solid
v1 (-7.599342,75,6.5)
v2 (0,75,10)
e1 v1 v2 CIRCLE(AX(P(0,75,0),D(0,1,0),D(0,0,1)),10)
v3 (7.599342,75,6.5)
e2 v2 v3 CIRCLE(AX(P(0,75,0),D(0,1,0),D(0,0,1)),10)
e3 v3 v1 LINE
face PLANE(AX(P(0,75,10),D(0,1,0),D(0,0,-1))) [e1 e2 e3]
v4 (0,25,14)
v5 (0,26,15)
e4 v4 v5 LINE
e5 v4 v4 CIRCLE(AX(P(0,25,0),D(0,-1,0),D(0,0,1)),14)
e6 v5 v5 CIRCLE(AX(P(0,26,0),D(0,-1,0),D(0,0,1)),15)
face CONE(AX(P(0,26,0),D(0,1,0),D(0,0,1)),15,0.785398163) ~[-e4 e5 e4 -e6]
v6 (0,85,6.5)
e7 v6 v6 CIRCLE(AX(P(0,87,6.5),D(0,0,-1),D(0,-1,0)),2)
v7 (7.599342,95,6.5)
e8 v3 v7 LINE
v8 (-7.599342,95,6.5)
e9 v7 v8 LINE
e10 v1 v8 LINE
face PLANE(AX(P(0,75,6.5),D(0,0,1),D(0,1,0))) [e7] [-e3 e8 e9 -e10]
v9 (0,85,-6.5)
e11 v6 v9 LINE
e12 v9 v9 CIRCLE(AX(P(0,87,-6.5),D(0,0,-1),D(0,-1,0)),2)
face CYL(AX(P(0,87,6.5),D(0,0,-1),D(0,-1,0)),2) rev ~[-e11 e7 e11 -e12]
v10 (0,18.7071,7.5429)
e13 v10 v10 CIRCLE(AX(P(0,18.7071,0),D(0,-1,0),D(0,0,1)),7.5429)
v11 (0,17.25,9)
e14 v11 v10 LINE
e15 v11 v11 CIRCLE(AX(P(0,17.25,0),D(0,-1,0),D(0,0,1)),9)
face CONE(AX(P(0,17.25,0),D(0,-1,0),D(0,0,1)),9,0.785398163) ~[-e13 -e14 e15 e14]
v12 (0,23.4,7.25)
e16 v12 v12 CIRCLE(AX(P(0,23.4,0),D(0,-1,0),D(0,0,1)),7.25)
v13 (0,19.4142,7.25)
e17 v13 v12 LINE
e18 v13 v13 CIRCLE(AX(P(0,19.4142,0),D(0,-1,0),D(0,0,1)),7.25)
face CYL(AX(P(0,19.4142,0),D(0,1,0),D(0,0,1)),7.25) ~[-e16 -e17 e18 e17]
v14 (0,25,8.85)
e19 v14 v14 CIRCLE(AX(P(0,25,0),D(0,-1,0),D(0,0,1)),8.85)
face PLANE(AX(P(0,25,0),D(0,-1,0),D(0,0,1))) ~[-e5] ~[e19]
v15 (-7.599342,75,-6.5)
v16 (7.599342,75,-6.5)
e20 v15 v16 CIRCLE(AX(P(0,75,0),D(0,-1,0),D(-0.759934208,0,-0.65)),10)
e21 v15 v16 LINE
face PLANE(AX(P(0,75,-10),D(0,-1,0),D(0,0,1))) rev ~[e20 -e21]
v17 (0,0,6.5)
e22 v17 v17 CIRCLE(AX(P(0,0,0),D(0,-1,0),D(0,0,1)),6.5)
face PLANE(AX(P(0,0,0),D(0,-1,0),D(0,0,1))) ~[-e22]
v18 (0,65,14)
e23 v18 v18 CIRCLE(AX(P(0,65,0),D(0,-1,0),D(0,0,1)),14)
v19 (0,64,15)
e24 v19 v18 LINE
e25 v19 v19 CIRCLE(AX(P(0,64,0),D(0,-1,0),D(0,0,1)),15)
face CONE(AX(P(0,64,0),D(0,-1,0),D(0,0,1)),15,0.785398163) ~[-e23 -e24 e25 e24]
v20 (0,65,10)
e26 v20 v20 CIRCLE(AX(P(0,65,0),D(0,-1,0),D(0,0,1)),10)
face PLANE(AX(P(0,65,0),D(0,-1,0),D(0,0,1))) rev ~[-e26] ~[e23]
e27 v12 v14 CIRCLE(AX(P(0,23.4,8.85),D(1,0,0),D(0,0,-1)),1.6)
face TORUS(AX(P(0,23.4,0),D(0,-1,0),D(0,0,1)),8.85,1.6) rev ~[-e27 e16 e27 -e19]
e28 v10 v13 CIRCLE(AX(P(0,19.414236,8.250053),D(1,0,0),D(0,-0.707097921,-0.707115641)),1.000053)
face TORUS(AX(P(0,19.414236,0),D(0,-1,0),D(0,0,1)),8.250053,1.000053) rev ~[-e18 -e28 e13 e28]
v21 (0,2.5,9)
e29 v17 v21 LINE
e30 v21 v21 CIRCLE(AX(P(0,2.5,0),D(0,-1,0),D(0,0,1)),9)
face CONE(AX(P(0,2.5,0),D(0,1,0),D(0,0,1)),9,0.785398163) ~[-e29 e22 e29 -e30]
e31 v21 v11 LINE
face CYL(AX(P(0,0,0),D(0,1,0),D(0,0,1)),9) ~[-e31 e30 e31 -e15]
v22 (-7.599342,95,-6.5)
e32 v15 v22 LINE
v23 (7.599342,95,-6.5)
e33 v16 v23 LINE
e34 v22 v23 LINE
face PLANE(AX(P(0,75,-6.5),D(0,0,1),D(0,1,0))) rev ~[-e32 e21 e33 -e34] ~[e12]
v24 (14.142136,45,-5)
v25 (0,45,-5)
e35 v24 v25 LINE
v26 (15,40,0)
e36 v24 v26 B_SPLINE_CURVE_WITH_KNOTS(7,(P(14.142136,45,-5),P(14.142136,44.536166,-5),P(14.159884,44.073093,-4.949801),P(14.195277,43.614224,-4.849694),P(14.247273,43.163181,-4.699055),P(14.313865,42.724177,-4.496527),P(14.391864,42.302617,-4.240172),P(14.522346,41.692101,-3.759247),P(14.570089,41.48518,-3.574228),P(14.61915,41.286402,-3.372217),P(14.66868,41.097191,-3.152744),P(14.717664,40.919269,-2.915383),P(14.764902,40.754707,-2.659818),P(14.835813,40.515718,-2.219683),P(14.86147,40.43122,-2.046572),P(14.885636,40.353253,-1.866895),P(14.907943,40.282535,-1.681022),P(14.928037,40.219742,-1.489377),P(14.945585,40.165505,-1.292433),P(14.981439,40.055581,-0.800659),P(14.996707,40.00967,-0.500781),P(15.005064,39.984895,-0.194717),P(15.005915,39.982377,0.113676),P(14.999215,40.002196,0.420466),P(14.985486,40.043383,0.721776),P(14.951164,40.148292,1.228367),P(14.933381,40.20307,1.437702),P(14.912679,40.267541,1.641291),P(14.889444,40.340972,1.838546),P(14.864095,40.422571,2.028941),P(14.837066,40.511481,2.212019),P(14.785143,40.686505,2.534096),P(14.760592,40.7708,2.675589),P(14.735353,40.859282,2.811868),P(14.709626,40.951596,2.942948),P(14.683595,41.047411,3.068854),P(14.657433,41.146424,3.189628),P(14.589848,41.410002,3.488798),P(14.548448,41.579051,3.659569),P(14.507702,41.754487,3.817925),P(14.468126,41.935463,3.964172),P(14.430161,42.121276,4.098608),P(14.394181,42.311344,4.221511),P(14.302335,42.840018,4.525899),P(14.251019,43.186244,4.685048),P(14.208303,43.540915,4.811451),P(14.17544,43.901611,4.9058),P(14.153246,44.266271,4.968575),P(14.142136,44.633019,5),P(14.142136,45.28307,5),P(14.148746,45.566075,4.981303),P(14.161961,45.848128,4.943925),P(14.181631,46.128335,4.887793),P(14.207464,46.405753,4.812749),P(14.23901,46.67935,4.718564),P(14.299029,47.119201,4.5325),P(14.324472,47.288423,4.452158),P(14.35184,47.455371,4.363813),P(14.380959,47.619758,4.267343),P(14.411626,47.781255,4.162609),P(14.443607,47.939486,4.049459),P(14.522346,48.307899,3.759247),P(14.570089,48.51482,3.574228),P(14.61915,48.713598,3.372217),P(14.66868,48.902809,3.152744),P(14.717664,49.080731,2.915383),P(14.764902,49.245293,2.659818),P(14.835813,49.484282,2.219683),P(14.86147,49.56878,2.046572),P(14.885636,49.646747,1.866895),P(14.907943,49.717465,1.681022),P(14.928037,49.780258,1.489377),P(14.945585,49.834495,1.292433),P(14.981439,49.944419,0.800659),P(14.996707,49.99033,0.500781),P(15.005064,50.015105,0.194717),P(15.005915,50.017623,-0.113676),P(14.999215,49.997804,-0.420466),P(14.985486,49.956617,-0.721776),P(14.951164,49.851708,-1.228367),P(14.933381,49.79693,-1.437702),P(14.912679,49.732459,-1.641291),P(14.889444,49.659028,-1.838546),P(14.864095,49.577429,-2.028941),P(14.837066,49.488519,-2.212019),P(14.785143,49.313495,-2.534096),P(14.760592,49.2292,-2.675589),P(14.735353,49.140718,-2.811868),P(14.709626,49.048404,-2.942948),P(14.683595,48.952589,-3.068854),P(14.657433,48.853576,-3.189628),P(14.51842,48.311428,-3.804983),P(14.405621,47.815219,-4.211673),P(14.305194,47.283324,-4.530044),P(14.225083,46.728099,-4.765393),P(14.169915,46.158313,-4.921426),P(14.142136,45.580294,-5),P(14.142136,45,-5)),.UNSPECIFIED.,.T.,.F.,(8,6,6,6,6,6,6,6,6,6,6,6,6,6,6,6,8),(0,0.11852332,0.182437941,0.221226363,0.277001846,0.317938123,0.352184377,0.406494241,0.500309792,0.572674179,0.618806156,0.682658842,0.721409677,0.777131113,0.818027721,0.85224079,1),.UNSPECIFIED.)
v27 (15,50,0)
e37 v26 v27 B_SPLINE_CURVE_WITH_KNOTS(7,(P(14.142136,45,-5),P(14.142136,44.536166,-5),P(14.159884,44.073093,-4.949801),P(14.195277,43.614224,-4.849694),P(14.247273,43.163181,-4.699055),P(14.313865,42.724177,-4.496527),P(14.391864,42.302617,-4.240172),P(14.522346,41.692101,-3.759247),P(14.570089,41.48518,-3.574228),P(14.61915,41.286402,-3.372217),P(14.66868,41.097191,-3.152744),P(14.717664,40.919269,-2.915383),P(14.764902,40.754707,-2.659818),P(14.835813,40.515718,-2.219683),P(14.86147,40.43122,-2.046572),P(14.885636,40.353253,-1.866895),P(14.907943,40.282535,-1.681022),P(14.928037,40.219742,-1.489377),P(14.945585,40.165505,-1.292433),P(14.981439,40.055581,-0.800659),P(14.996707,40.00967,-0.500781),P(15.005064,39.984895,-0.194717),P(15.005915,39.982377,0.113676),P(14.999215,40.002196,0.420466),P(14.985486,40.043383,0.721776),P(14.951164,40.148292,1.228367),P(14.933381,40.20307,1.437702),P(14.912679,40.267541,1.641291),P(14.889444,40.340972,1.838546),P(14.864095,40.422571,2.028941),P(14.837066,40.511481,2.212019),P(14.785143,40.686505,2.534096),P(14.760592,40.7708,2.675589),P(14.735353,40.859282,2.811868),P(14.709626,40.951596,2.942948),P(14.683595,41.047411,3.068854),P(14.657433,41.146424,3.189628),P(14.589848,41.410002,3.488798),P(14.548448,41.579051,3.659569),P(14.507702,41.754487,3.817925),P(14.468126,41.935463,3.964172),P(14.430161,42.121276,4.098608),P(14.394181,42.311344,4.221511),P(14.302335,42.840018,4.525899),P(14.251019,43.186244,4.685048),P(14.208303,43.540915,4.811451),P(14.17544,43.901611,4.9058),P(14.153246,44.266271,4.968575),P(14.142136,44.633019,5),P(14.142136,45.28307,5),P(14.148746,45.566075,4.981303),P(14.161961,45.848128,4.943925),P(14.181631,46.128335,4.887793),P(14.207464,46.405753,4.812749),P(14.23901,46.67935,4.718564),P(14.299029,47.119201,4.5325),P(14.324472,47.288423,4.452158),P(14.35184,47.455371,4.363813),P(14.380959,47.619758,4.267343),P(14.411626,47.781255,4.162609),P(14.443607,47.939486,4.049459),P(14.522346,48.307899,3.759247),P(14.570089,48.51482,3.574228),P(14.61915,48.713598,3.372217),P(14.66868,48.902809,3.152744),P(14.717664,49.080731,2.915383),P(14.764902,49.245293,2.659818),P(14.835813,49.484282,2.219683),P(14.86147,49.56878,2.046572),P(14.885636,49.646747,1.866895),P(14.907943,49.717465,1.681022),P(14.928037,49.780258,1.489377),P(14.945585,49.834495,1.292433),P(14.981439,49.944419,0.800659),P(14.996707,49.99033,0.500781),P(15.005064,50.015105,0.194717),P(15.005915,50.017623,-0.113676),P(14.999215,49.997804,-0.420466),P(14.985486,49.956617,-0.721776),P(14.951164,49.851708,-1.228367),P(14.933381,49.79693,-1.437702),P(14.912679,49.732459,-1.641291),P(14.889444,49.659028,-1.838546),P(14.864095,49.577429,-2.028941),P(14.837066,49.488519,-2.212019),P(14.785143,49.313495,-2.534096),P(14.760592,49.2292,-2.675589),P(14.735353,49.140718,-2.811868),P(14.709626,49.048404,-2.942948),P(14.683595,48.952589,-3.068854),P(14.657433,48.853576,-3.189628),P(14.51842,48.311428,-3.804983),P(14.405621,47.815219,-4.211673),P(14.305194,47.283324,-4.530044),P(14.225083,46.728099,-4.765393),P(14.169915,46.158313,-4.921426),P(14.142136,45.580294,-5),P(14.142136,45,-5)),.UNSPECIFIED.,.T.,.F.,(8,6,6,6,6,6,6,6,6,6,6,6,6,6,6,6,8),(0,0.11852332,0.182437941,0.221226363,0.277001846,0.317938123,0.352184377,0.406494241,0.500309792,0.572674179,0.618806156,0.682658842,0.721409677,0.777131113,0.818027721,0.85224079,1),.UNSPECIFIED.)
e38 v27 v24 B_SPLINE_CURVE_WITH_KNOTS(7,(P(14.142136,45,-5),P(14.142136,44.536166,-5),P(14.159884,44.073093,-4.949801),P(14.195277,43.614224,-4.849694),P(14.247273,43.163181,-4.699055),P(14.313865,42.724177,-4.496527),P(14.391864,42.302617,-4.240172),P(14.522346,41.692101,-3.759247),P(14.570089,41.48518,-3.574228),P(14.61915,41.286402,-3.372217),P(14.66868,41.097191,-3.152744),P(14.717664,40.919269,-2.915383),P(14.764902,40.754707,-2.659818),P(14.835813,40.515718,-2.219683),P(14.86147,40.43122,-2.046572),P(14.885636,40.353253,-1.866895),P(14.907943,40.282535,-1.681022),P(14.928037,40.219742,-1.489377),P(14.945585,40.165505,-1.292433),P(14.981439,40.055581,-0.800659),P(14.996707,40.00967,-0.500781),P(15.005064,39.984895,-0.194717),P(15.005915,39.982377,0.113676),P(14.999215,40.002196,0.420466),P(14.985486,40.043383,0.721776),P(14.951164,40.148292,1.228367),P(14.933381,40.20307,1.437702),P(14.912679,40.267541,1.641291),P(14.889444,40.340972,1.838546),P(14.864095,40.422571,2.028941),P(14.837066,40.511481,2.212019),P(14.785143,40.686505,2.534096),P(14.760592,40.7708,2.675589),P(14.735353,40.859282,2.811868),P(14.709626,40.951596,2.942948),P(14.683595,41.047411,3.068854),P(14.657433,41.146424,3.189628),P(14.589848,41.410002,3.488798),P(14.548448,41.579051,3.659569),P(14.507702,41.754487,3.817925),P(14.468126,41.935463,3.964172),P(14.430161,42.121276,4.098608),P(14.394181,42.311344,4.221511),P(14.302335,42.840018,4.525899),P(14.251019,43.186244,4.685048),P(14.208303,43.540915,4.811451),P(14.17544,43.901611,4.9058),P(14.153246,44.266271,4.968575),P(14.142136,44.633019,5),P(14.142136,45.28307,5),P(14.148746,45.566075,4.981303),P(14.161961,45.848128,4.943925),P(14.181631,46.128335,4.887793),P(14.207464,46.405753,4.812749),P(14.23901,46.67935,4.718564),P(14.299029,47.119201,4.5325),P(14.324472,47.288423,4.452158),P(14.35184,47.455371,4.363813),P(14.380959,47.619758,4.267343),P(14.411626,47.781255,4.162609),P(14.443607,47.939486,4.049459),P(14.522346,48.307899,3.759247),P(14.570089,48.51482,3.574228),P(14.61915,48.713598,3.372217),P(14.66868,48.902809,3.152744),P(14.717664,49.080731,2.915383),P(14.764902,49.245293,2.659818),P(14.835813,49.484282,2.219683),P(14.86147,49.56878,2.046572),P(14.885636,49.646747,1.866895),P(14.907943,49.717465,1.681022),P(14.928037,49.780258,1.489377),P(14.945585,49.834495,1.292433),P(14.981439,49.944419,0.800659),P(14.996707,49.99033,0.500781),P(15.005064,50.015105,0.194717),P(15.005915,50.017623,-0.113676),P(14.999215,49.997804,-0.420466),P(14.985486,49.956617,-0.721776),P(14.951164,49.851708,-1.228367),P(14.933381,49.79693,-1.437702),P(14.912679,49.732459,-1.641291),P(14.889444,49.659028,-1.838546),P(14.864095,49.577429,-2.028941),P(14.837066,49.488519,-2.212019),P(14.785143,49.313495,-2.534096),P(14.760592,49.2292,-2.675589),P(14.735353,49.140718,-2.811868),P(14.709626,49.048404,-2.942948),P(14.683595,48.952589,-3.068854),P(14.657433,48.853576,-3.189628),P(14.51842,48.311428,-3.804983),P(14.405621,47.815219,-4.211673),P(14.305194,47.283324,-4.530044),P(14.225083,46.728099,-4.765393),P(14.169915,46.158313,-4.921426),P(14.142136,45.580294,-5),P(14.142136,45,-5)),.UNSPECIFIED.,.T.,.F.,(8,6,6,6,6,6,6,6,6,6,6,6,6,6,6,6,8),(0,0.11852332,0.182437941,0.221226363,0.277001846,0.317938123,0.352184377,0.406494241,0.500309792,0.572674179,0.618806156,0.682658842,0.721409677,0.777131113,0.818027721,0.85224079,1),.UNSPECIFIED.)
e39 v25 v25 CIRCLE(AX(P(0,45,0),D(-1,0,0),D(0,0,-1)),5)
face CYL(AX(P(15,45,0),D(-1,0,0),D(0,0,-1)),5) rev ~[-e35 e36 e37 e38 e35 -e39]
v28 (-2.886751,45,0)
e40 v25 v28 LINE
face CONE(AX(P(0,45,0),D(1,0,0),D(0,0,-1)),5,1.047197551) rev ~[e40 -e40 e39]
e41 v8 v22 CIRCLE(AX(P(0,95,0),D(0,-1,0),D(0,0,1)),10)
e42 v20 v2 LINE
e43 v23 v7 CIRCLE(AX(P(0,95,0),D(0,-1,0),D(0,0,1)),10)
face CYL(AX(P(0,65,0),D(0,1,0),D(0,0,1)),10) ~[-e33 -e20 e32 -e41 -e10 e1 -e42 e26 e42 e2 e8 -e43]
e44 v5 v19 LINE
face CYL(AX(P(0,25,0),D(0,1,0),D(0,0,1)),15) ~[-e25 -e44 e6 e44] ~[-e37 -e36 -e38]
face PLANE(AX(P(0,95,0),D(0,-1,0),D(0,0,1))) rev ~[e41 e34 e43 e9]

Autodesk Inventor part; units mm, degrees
ref_plane "XZ Plane" through (0, 0, 0) normal (0, 1, 0) x (-1, 0, 0)
ref_plane "XY Plane" through (0, 0, 0) normal (0, 0, 1) x (1, 0, 0)
sketch "Эскиз1" plane through (0, 0, 0) normal (1, 0, 0) x (0, 1, 0)
  line L0 (0, 0) -> (0, 9)
  line L1 (0, 9) -> (17.25, 9)
  line L2 (17.25, 9) -> (18.7071, 7.5429)
  line L3 (19.4142, 7.25) -> (23.4, 7.25)
  line L4 (25, 8.85) -> (25, 15)
  line L5 (25, 15) -> (65, 15)
  line L6 (65, 15) -> (65, 10)
  line L7 (65, 10) -> (95, 10)
  line L8 (95, 0) -> (0, 0)
  line L9 (95, 10) -> (95, 0)
  arc A0 (18.7071, 7.5429) -> (19.4142, 7.25) centre (19.4142, 8.25) ccw
  arc A1 (23.4, 7.25) -> (25, 8.85) centre (23.4, 8.85) ccw
  point P0 (19, 7.25)
  point P1 (25, 7.25)
  dimension "d0" = 95
  dimension "d1" = 18
  dimension "d2" = 14.5
  dimension "d3" = 45
  dimension "d4" = 40
  dimension "d5" = 25
  dimension "d6" = 6
  dimension "d7" = 20
  dimension "d8" = 30
  dimension "d9" = 1
  dimension "d10" = 1.6
revolve "Вращение1" add sketch "Эскиз1" angle 360 about axis through (0, 95, 0) along (0, -1, 0)
thread "Резьба1" size "M18x2.5" designation "M18" class "6g" standard "GB Metric profile" full length
chamfer "Фаска1" distance 2.5 angle 45 1 edges at (0, 0, -9)
chamfer "Фаска2" distance 1 angle 45 2 edges at (0, 25, -15) (0, 65, -15)
ref_plane "РабПлоскость1" through (15, 0, 0) normal (1, 0, 0) x (0, 1, 0)
sketch "Эскиз2" plane through (15, 0, 0) normal (1, 0, 0) x (0, 1, 0)
  line L0 (25, -14) -> (25, 14) projected
  point P0 (0, 0)
  point P1 (45, 0)
  dimension "d21" = 20
hole "Отверстие1" at (15, 45, 0) direction (-1, 0, 0) diameter 10 depth 15 tip angle 120
sketch "Эскиз3" plane through (0, 0, 0) normal (1, 0, 0) x (0, 1, 0)
  line L0 (95, 10) -> (75, 10)
  line L1 (75, 10) -> (75, 6.5)
  line L2 (75, 6.5) -> (95, 6.5)
  line L3 (95, 6.5) -> (95, 10)
  line L4 (-19.7495, 0) -> (118.4967, 0) projected
  line L5 (95, -10) -> (95, 10) projected
  line L6 (65, 10) -> (95, 10) projected
  line L7 (-19, 0) -> (114, 0) projected
  line L8 (95, -10) -> (75, -10)
  line L9 (75, -10) -> (75, -6.5)
  line L10 (75, -6.5) -> (95, -6.5)
  line L11 (95, -6.5) -> (95, -10)
  point P0 (0, 0)
  dimension "d29" = 6.5
  dimension "d30" = 20
extrude "Выдавливание1" cut sketch "Эскиз3" along normal through all both and the other way through all
sketch "Эскиз4" plane through (-7.5993, 95, 6.5) normal (0, 0, 1) x (1, 0, 0)
  line L0 (0, 0) -> (15.1987, 0) projected
  line L1 (-2.4007, -30) -> (-2.4007, 0) projected
  point P0 (7.5993, -95)
  point P1 (7.5993, -8)
  dimension "d33" = 10
  dimension "d34" = 8
hole "Отверстие2" at (0, 87, 6.5) direction (0, 0, -1) diameter 4 end through all
properties part number "Вал_19"
